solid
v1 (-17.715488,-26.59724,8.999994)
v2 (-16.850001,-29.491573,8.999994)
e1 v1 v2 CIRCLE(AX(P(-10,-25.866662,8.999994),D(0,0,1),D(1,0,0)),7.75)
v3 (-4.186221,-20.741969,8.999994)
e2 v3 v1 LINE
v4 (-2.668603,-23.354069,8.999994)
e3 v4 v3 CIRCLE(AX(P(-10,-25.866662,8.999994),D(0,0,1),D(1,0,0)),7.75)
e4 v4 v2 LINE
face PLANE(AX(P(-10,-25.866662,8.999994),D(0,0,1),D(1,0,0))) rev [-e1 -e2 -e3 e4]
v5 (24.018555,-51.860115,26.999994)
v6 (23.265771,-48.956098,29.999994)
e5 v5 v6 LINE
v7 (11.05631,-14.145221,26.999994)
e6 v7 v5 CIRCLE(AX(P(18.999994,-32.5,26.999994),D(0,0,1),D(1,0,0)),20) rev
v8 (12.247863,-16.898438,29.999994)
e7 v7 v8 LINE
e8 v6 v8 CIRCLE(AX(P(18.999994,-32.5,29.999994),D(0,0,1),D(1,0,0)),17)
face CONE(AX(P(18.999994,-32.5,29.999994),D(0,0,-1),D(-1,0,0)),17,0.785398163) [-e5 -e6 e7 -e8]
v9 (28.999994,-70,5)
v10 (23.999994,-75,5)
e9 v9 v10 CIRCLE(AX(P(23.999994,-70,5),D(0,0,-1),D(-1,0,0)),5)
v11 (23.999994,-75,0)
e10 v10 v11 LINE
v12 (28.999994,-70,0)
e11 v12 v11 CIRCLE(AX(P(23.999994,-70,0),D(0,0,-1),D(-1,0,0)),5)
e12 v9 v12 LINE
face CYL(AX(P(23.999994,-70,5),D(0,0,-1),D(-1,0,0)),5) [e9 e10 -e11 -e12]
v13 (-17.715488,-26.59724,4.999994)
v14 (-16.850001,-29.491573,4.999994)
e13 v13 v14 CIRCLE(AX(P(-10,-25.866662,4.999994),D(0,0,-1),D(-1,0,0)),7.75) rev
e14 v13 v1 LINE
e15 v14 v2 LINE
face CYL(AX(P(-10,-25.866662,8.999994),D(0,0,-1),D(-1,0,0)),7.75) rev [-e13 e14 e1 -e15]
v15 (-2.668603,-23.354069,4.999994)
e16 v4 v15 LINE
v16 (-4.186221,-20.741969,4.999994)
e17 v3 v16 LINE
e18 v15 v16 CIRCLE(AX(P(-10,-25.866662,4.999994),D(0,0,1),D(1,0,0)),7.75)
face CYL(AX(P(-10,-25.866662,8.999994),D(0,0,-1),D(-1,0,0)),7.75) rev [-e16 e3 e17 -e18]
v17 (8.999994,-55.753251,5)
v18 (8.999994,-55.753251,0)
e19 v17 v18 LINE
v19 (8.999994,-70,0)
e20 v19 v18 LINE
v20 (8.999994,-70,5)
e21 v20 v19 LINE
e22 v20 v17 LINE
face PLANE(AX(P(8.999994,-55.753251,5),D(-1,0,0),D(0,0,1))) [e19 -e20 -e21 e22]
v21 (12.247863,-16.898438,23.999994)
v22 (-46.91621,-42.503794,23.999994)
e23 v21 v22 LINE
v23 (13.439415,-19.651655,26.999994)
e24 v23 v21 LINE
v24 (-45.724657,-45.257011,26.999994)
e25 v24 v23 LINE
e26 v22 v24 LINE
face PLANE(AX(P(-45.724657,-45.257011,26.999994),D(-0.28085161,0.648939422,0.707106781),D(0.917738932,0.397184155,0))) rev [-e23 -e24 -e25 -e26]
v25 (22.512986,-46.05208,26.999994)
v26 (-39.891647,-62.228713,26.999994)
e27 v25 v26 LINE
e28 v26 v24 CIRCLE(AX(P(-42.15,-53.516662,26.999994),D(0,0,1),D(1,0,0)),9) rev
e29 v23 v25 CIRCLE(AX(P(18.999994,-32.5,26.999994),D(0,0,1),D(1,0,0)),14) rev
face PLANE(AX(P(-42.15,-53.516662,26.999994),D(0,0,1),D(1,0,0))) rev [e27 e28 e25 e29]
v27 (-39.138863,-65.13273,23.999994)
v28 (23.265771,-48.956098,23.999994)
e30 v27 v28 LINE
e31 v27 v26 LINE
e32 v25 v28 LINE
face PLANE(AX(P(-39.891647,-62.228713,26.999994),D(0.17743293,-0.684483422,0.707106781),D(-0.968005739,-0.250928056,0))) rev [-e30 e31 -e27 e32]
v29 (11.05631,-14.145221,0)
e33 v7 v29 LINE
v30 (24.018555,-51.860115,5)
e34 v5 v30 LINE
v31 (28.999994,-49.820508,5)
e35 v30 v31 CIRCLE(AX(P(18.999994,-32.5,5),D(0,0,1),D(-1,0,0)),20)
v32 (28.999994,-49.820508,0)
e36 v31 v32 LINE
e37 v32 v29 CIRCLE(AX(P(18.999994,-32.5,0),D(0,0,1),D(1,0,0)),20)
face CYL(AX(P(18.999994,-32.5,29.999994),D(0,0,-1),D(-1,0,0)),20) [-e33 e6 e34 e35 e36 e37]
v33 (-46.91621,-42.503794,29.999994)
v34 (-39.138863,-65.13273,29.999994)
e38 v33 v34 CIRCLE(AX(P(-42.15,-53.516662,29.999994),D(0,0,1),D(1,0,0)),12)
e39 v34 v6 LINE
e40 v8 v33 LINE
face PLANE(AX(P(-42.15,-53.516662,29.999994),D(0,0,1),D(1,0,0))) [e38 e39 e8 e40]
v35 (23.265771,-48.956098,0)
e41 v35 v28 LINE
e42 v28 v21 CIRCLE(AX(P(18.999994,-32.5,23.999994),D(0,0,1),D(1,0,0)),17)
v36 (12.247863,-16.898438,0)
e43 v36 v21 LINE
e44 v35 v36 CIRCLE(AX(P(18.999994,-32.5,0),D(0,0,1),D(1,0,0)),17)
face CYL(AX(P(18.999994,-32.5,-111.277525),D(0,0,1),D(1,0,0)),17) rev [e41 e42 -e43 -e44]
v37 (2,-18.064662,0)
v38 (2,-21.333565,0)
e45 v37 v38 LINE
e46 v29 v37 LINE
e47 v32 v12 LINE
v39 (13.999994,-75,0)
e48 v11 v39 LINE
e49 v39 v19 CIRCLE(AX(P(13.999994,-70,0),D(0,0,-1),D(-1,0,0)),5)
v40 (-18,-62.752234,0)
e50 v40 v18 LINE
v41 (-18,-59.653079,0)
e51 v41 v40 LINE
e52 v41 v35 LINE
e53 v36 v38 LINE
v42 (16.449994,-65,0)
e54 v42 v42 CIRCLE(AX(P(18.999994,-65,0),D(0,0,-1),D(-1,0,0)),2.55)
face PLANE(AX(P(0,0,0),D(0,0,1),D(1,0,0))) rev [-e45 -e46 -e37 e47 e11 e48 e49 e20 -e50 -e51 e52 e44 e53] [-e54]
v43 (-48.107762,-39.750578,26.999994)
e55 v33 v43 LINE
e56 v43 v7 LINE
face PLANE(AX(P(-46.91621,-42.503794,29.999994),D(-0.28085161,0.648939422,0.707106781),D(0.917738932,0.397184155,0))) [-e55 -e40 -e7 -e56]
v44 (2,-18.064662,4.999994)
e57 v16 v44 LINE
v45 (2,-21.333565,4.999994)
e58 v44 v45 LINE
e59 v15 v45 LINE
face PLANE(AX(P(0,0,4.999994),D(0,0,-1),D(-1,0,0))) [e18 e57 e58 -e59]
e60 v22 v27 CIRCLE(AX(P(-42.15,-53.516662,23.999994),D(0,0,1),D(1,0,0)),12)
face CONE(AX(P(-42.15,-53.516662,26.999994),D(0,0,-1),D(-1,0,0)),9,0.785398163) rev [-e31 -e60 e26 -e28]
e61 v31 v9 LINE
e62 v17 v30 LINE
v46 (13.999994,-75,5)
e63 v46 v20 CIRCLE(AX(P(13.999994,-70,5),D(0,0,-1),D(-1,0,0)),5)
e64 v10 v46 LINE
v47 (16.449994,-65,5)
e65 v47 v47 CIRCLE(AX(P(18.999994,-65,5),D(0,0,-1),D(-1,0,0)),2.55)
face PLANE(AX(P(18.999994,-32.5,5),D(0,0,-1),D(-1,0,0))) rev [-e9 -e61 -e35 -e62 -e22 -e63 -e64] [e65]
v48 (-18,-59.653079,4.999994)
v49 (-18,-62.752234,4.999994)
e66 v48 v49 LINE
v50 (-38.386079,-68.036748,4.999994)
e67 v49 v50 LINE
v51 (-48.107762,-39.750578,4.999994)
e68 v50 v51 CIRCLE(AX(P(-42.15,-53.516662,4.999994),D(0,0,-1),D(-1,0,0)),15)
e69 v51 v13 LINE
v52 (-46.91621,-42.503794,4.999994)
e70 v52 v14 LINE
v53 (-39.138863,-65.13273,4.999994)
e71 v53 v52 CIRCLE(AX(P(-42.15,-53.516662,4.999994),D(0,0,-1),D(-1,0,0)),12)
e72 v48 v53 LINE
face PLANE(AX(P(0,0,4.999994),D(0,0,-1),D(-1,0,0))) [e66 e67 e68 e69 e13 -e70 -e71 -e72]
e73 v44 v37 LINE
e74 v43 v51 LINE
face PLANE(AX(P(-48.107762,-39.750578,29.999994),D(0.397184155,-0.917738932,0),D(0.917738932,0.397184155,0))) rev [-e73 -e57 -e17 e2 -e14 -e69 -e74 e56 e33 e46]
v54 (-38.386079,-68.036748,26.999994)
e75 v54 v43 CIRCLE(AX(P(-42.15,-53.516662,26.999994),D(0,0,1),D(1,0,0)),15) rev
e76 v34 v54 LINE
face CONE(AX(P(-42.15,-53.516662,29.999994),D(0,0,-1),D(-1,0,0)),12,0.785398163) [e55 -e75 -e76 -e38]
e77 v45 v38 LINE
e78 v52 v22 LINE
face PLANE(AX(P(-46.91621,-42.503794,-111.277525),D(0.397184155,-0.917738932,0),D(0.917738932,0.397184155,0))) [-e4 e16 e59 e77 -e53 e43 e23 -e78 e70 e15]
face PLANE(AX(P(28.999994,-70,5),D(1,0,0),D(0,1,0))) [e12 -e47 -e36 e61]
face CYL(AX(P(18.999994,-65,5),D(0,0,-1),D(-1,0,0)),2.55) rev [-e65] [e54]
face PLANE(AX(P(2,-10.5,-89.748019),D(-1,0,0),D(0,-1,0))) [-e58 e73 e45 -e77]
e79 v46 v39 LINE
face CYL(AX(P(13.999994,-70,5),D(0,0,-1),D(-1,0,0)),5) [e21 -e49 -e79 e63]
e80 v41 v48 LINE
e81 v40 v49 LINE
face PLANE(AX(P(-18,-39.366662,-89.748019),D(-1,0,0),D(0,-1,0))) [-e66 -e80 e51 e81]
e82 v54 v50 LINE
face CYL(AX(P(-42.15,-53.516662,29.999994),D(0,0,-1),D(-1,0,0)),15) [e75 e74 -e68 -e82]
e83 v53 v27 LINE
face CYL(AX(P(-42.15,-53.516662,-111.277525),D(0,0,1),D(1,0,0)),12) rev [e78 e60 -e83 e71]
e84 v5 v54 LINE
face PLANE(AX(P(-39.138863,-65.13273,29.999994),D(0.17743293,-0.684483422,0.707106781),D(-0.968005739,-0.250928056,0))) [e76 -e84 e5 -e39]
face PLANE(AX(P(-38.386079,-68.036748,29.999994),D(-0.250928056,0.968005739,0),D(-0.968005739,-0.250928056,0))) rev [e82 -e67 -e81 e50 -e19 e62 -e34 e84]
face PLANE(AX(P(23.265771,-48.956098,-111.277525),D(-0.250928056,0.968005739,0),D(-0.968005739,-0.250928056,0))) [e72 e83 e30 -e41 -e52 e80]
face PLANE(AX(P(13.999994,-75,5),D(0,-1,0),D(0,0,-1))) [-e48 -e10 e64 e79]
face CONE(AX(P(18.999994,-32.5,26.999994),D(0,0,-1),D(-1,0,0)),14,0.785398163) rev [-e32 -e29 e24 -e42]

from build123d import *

# Parameters (mm, degrees)
BOSS_EXTRUDE1_DEPTH = 3
BOSS_EXTRUDE2_DEPTH = 26.999994
CHAMFER1_SIZE       = 3
CUT_EXTRUDE1_DEPTH  = 4.999994
SKETCH4_3_R         = 7.75
CUT_EXTRUDE2_DEPTH  = 4
SKETCH7_R           = 2.55
BOSS_EXTRUDE5_DEPTH = 5


with BuildPart() as part:
    # Sketch2 → Boss-Extrude1 (new body)
    with BuildSketch(Plane.XY.offset(26.999993563)):
        with BuildLine():
            Line((-48.107762328, -39.75057759), (11.056310458, -14.145221365))
            ThreePointArc((11.056310458, -14.145221365), (37.914072471, -25.999413947), (24.018554683, -51.86011478))
            Line((24.018554683, -51.86011478), (-38.38607916, -68.036747651))
            ThreePointArc((-38.38607916, -68.036747651), (-56.335559182, -58.392101106), (-48.107762328, -39.75057759))
        make_face()
    extrude(amount=BOSS_EXTRUDE1_DEPTH)

    # Sketch3 → Boss-Extrude2 (add)
    with BuildSketch(Plane(origin=(0, 0, 26.999993563), x_dir=(-1, 0, 0), z_dir=(0, 0, -1))):
        with BuildLine():
            Line((48.107762328, -39.75057759), (-11.056310458, -14.145221365))
            ThreePointArc((-11.056310458, -14.145221365), (-37.914072471, -25.999413947), (-24.018554683, -51.86011478))
            Line((-24.018554683, -51.86011478), (38.38607916, -68.036747651))
            ThreePointArc((38.38607916, -68.036747651), (56.335559182, -58.392101106), (48.107762328, -39.75057759))
        make_face()
        with BuildLine():
            Line((46.916209863, -42.503794385), (-12.247862924, -16.89843816))
            ThreePointArc((-12.247862924, -16.89843816), (-35.076960635, -26.974501855), (-23.265770515, -48.956097563))
            Line((-23.265770515, -48.956097563), (39.138863328, -65.132730434))
            ThreePointArc((39.138863328, -65.132730434), (53.498447346, -57.417013198), (46.916209863, -42.503794385))
        make_face(mode=Mode.SUBTRACT)
    extrude(amount=BOSS_EXTRUDE2_DEPTH)

    # Chamfer1
    chamfer1_edges = [part.edges().sort_by_distance(p)[0] for p in [
        (37.914072471, -25.999413947, 29.999993563),
        (-18.525725935, -26.947899478, 29.999993563),
        (-53.498447346, -57.417013198, 26.999993563),
        (-17.334173469, -29.701116273, 26.999993563),
        (35.076960635, -26.974501855, 26.999993563),
        (-7.936546407, -57.044413998, 26.999993563),
        (-56.335559182, -58.392101106, 29.999993563),
        (-7.183762238, -59.948431215, 29.999993563),
    ]]
    chamfer(chamfer1_edges, length=CHAMFER1_SIZE)

    # Sketch4 → Cut-Extrude1 (cut)
    with BuildSketch(Plane.XY.offset(4.999993563)):
        Polygon((-63.676072098, -10.5), (2, -10.5), (2, -39.366661566), (-18, -39.366661566), (-18, -71.666661566), (-63.676072098, -71.666661566), align=None)
    extrude(amount=-CUT_EXTRUDE1_DEPTH, mode=Mode.SUBTRACT)

    # Sketch4<3> → Cut-Extrude2 (cut)
    with BuildSketch(Plane.XY.offset(4.999993563)):
        with Locations((-10, -25.866661566)):
            Circle(SKETCH4_3_R)
    extrude(amount=CUT_EXTRUDE2_DEPTH, mode=Mode.SUBTRACT)

    # Sketch7 → Boss-Extrude5 (add)
    with BuildSketch(Plane(origin=(0, 0, 0), x_dir=(-1, 0, 0), z_dir=(0, 0, -1))):
        with BuildLine():
            Line((-8.999993562, -55.753251147), (-8.999993562, -70))
            ThreePointArc((-8.999993562, -70), (-10.464459657, -73.535533906), (-13.999993562, -75))
            Line((-13.999993562, -75), (-23.999993562, -75))
            ThreePointArc((-23.999993562, -75), (-27.535527468, -73.535533906), (-28.999993562, -70))
            Line((-28.999993562, -70), (-28.999993562, -49.820508076))
            ThreePointArc((-28.999993562, -49.820508076), (-26.578205318, -51.008665716), (-24.018554683, -51.86011478))
            Line((-24.018554683, -51.86011478), (-8.999993562, -55.753251147))
        make_face()
        with Locations((-18.999993562, -65)):
            Circle(SKETCH7_R, mode=Mode.SUBTRACT)
    extrude(amount=-BOSS_EXTRUDE5_DEPTH)


solid = part.part
